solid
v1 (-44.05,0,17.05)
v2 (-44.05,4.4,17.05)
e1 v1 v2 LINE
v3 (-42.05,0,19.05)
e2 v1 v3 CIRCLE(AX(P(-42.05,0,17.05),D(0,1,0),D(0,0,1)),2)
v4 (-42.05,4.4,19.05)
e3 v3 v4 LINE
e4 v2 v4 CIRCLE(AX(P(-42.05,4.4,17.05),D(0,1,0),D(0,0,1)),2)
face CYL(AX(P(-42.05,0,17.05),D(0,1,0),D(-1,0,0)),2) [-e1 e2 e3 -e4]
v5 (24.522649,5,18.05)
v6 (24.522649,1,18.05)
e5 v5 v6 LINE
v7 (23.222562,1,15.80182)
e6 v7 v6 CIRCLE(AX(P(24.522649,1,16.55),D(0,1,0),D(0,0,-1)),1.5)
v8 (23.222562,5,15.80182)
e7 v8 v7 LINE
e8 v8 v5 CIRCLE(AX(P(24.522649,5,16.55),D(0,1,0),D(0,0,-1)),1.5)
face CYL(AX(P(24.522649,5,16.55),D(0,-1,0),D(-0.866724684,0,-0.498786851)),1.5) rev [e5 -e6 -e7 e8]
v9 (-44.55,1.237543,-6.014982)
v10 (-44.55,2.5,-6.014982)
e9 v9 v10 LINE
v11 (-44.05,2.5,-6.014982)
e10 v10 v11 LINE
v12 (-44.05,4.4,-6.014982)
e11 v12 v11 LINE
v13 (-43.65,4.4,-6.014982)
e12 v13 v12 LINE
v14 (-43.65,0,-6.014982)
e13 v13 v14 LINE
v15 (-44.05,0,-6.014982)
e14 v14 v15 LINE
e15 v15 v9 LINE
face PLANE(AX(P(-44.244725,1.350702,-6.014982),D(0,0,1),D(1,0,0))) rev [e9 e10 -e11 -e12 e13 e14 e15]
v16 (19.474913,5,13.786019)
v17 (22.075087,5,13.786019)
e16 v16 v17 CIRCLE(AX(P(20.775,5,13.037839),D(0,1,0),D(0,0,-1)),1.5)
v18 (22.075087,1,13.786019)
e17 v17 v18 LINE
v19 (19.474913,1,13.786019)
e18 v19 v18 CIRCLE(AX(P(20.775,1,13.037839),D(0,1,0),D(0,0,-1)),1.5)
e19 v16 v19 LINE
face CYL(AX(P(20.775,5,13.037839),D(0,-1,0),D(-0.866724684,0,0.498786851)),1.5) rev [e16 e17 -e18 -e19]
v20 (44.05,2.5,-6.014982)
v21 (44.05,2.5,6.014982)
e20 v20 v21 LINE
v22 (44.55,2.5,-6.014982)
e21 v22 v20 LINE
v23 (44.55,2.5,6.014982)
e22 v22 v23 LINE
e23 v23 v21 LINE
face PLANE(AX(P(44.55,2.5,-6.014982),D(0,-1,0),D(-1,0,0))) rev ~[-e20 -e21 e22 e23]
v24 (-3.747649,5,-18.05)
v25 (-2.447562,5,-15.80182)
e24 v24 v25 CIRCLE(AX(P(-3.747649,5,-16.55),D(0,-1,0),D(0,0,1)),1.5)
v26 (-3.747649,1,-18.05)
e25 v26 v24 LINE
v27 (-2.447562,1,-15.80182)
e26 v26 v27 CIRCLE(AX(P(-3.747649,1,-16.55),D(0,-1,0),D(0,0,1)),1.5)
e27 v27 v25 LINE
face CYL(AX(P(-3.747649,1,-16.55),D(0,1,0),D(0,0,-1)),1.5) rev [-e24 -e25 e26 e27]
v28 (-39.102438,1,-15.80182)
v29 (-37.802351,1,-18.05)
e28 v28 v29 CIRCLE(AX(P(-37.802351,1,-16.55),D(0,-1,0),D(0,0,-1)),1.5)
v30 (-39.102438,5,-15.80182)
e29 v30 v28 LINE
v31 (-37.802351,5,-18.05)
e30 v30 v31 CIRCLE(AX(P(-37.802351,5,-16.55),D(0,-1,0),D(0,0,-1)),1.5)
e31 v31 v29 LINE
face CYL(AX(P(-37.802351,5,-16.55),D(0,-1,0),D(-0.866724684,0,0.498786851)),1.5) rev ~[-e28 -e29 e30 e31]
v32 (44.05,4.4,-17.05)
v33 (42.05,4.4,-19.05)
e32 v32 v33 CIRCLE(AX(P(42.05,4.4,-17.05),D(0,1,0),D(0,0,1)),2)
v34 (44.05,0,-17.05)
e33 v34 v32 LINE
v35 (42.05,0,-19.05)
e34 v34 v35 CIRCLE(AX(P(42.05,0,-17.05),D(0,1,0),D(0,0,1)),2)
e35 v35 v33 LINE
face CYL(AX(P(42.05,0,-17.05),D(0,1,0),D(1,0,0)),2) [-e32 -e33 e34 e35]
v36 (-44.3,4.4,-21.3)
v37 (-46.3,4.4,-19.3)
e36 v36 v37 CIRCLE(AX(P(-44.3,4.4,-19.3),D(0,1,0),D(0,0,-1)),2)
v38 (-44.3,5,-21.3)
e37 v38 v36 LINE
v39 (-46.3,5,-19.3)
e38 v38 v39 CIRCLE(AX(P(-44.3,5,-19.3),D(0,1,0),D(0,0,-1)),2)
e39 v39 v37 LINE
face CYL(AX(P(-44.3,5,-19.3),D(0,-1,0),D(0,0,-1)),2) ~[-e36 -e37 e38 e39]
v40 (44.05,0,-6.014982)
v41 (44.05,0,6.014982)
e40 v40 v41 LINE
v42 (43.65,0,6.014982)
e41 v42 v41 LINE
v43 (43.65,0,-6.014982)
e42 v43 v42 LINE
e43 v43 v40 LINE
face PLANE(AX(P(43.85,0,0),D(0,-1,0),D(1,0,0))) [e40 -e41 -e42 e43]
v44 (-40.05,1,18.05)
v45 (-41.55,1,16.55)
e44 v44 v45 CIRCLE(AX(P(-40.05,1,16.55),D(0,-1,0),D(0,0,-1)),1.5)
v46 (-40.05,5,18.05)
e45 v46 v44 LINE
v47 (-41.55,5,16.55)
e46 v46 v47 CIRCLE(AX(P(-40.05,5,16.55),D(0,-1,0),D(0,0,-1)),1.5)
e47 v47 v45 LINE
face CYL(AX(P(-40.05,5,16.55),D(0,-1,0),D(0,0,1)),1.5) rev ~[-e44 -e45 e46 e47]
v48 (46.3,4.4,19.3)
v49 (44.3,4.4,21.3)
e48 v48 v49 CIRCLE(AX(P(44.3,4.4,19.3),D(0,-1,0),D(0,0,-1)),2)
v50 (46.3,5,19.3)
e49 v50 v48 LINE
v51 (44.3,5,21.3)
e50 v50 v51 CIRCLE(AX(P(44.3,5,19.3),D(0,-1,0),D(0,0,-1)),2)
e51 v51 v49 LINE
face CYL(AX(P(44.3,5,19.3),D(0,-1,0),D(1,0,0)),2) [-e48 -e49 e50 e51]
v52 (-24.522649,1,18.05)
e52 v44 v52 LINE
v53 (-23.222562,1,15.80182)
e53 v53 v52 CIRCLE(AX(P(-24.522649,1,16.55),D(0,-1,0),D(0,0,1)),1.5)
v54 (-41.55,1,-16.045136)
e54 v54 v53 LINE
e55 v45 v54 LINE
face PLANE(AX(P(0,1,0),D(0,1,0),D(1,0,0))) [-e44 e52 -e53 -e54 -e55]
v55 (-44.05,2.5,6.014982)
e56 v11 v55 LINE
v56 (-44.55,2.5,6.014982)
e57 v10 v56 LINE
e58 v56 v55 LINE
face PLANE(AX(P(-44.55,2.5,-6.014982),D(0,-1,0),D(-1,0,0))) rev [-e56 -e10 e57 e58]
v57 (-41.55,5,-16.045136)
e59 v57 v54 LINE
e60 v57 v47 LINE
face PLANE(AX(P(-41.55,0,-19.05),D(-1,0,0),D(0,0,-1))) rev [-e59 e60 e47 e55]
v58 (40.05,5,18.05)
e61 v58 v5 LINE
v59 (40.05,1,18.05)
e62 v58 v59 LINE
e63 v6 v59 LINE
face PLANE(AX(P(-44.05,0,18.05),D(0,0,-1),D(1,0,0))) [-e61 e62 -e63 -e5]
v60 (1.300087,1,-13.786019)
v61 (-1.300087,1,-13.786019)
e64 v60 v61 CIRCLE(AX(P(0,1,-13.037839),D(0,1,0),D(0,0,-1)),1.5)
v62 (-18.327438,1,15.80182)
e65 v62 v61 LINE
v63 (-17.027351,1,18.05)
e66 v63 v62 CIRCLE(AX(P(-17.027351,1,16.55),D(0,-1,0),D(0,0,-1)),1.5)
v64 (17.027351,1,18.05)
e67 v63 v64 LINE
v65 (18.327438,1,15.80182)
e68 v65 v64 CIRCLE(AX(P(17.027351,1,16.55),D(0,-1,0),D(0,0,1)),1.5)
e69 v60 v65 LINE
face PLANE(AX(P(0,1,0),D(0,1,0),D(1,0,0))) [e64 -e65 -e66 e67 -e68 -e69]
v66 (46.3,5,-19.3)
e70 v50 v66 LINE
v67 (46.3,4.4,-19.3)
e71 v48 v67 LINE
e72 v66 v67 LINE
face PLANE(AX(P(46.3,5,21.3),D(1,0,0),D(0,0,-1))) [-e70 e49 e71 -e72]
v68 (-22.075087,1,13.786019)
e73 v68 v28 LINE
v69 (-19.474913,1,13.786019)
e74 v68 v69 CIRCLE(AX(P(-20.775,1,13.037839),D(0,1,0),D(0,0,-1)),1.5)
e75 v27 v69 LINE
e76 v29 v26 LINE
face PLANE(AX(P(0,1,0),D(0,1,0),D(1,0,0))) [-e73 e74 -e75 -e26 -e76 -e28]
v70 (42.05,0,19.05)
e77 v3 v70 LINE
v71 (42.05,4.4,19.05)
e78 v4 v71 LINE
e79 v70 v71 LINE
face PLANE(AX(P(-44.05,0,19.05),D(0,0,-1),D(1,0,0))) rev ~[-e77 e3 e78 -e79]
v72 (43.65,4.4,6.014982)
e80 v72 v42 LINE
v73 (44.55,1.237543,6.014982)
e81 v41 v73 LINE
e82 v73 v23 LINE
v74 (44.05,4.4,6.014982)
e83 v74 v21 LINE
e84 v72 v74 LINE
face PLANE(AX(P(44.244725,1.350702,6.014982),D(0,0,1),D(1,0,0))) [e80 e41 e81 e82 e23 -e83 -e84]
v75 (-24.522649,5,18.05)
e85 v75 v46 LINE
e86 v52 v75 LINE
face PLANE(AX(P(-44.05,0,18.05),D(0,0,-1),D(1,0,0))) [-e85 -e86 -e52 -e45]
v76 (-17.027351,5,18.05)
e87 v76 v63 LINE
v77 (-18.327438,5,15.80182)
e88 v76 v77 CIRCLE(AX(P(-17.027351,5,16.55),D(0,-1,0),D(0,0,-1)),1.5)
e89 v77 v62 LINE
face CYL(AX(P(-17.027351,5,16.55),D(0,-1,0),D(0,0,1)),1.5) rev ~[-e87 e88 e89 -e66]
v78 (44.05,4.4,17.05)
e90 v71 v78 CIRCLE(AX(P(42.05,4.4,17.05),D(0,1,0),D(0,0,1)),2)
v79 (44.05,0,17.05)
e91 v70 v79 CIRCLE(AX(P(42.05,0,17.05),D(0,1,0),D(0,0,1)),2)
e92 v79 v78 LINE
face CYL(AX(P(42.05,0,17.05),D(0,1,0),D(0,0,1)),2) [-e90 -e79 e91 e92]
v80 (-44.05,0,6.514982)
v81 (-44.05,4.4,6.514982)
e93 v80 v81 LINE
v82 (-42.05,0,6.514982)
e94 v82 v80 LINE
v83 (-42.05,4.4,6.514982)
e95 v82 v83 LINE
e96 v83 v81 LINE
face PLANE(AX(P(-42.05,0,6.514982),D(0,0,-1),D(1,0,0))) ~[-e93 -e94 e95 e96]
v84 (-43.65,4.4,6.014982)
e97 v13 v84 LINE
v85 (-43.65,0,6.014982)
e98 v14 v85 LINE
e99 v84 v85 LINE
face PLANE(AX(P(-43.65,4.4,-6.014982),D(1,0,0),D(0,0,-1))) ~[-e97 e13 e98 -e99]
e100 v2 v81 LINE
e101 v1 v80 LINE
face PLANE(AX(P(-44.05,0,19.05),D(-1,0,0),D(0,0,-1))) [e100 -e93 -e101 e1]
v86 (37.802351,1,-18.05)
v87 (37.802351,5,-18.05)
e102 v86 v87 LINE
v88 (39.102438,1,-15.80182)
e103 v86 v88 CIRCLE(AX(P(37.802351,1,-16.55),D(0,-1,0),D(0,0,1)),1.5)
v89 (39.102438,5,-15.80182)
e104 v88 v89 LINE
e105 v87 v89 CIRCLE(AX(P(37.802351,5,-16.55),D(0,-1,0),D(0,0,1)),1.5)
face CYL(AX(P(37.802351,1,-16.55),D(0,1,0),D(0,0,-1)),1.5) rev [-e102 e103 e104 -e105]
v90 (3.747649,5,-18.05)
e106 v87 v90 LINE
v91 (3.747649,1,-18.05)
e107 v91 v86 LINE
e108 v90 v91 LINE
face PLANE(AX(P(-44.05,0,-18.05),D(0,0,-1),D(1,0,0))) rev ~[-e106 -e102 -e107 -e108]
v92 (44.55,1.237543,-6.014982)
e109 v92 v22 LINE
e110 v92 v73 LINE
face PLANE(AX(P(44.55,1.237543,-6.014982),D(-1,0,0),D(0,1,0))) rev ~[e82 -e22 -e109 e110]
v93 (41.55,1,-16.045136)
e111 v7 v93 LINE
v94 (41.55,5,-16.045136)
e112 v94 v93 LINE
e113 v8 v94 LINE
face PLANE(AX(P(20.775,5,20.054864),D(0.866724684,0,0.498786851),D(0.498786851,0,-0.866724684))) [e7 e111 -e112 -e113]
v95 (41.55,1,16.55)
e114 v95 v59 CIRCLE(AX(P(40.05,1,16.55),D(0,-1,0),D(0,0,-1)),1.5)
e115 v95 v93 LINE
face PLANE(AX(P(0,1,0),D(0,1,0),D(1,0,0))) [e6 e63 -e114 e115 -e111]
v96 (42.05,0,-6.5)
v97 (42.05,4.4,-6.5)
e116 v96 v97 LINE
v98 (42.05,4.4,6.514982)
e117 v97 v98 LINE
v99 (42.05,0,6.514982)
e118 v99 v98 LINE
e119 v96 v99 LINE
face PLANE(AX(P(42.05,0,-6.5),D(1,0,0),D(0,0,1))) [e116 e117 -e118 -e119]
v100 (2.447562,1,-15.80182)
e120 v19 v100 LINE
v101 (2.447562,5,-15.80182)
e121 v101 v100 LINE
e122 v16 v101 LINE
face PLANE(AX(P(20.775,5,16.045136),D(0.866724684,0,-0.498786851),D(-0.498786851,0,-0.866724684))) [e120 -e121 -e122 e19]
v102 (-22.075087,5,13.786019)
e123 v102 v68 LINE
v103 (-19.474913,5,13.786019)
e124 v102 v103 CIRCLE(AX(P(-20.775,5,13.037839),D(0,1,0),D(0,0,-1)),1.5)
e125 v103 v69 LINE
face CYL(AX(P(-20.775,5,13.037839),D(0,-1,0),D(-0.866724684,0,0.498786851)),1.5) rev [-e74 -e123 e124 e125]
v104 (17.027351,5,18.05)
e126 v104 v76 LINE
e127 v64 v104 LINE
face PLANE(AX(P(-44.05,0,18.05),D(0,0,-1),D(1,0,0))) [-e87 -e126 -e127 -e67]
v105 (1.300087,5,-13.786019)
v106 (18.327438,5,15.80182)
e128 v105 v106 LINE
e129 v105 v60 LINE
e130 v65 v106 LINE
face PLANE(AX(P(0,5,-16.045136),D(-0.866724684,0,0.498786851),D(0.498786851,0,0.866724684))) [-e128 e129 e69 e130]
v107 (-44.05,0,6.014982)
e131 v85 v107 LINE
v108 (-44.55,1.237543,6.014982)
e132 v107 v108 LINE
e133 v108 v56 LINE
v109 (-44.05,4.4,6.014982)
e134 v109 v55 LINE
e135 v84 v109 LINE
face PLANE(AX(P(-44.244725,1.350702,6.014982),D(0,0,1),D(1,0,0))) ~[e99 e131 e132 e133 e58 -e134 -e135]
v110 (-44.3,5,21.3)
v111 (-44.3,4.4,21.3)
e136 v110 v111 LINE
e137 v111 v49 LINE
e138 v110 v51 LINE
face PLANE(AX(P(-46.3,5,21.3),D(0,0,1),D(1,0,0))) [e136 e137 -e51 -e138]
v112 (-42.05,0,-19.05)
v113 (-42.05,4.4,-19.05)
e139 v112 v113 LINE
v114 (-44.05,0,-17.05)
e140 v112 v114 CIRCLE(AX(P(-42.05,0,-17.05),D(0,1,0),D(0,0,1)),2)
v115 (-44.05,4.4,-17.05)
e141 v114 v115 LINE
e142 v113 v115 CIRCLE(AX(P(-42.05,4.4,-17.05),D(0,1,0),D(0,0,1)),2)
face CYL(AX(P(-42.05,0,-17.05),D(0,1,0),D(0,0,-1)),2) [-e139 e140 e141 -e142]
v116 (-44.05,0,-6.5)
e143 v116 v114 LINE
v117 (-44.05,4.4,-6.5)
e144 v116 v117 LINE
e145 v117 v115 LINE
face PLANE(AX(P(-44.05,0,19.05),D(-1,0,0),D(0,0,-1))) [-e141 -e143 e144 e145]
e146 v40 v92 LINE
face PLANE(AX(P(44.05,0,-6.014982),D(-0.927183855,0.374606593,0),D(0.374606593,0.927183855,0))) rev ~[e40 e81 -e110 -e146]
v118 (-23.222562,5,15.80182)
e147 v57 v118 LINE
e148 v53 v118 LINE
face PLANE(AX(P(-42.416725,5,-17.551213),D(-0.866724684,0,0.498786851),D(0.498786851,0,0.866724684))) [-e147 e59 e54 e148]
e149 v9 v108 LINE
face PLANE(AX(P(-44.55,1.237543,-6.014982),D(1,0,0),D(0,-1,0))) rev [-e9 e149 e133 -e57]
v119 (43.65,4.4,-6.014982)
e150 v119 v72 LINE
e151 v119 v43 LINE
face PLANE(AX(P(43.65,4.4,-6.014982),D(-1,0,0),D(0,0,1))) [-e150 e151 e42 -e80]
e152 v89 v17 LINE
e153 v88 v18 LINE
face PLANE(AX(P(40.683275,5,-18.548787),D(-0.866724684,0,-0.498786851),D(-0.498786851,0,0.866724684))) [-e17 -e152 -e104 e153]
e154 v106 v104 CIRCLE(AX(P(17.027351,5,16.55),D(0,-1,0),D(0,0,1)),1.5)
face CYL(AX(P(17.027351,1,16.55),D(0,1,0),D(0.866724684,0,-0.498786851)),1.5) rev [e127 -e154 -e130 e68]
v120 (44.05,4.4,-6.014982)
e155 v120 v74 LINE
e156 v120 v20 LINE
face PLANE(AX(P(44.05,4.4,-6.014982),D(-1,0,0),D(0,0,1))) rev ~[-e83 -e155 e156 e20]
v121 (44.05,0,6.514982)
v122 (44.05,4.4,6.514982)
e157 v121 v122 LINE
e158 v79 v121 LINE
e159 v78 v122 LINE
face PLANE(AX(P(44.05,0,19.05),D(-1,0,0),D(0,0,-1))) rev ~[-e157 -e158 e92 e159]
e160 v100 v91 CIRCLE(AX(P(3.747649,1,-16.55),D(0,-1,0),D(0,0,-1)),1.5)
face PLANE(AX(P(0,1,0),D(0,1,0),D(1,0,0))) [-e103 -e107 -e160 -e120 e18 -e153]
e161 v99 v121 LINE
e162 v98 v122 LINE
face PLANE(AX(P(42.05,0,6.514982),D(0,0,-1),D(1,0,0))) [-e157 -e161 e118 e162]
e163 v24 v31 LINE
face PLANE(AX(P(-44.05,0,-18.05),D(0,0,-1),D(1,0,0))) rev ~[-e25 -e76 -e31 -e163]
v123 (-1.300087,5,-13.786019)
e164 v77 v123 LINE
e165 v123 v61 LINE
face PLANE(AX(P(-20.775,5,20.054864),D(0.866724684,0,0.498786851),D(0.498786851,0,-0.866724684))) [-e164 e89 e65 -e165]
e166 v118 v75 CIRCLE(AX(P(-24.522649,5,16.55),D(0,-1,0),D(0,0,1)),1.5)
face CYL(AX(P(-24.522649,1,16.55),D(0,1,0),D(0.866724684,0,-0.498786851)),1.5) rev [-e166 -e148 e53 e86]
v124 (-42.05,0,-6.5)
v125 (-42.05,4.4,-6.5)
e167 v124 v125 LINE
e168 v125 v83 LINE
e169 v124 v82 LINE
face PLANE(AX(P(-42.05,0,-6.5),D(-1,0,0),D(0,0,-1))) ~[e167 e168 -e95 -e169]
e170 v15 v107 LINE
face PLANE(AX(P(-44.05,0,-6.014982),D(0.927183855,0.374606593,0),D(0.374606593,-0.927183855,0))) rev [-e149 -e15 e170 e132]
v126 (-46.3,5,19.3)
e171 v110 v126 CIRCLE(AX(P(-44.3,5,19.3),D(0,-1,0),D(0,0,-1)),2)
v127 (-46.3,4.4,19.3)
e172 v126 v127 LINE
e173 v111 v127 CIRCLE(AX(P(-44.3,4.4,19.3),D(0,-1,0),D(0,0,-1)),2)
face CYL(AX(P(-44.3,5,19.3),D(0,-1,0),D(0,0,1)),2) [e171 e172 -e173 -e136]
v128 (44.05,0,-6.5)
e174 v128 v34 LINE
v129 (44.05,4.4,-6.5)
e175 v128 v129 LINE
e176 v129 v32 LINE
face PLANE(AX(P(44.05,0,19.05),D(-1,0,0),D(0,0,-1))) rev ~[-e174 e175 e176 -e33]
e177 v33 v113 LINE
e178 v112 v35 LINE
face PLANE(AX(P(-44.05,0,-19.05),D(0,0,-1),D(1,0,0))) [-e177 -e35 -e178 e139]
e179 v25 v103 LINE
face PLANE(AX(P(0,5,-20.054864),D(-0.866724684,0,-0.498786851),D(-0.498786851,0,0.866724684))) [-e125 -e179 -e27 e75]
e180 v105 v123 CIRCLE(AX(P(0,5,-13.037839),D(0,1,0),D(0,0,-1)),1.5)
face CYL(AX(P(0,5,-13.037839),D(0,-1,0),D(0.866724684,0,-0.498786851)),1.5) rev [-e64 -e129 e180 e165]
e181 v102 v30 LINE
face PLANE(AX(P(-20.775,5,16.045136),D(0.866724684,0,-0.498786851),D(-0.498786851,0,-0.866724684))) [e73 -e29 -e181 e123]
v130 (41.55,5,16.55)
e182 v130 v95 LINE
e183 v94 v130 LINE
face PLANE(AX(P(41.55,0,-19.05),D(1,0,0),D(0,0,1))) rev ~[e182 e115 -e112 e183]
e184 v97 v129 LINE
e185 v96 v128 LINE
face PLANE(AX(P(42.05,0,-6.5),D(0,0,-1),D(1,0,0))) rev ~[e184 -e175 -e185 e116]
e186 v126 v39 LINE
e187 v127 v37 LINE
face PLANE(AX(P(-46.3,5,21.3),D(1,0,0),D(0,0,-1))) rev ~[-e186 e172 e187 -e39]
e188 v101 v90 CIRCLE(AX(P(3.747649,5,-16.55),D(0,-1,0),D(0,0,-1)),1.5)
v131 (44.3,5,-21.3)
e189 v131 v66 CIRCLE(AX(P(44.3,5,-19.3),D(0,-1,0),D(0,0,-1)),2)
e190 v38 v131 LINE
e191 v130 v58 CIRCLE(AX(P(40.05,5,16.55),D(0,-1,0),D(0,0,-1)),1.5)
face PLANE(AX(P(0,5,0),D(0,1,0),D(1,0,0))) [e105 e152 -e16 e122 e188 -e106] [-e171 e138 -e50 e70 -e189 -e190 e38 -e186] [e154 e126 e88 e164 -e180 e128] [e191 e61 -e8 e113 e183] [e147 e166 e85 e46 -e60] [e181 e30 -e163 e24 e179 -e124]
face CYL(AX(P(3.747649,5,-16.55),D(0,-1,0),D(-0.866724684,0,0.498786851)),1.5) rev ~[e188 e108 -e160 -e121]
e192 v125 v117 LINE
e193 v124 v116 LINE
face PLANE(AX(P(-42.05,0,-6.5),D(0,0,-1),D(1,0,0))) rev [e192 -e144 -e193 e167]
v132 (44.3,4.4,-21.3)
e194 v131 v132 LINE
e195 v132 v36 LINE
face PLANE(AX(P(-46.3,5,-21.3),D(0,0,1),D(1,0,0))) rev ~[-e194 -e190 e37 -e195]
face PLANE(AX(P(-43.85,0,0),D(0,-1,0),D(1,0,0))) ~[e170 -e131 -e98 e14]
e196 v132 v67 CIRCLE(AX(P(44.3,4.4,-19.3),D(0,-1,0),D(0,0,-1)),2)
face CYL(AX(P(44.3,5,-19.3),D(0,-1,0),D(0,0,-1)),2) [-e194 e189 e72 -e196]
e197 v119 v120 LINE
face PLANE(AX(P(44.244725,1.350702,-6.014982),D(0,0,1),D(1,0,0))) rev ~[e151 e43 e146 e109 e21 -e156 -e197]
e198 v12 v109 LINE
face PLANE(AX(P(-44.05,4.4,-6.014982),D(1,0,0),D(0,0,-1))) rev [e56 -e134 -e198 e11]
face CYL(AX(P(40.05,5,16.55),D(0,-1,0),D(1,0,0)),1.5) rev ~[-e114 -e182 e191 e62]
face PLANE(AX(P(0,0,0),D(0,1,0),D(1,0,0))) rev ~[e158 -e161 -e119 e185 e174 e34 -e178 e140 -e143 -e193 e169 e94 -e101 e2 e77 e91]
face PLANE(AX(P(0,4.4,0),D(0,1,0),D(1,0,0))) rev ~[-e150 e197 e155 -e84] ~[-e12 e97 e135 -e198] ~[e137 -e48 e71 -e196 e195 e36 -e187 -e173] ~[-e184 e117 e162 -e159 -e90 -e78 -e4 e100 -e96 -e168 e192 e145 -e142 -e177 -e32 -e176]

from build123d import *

# Parameters (mm, degrees)
SKETCH1_W           = 88.1
SKETCH1_H           = 38.1
BOSS_EXTRUDE1_DEPTH = 5
SHELL1_T            = -1
SKETCH2_W           = 92.6
SKETCH2_H           = 42.6
SKETCH2_W_2         = 88.1
SKETCH2_H_2         = 38.1
BOSS_EXTRUDE2_DEPTH = 0.6
SKETCH5_W           = 2.5
SKETCH5_H           = 38.1
BOSS_EXTRUDE4_DEPTH = 5
SKETCH7_W           = 2
SKETCH7_H           = 13.01498231
CUT_EXTRUDE2_DEPTH  = 4.4
SKETCH8_W           = 0.4
SKETCH8_H           = 12.02996462
BOSS_EXTRUDE5_DEPTH = 4.4
BOSS_EXTRUDE6_DEPTH = 12.02996462
BOSS_EXTRUDE3_DEPTH = 4
SKETCH4_W           = 88.1
SKETCH4_H           = 100
CUT_EXTRUDE1_DEPTH  = 4.4
FILLET1_R           = 2
FILLET2_R           = 1.5


with BuildPart() as part:
    # Sketch1 → Boss-Extrude1 (new body)
    with BuildSketch(Plane(origin=(0, 0, 0), x_dir=(1, 0, 0), z_dir=(0, 1, 0))):
        Rectangle(SKETCH1_W, SKETCH1_H)
    extrude(amount=BOSS_EXTRUDE1_DEPTH)

    # Shell1
    shell1_openings = [part.faces().sort_by_distance(p)[0] for p in [
        (0, 5, 0),
    ]]
    offset(amount=SHELL1_T, openings=shell1_openings, kind=Kind.INTERSECTION)

    # Sketch2 → Boss-Extrude2 (add)
    with BuildSketch(Plane(origin=(0, 5, 0), x_dir=(1, 0, 0), z_dir=(0, 1, 0))):
        Rectangle(SKETCH2_W, SKETCH2_H)
        Rectangle(SKETCH2_W_2, SKETCH2_H_2, mode=Mode.SUBTRACT)
    extrude(amount=-BOSS_EXTRUDE2_DEPTH)

    # Sketch5 → Boss-Extrude4 (add)
    with BuildSketch(Plane.XZ):
        with Locations((42.8, 0)):
            Rectangle(SKETCH5_W, SKETCH5_H)
    boss_extrude4 = extrude(amount=-BOSS_EXTRUDE4_DEPTH)

    # Sketch7 → Cut-Extrude2 (cut)
    with BuildSketch(Plane.XZ):
        with Locations((43.05, 0.007491155)):
            Rectangle(SKETCH7_W, SKETCH7_H)
    cut_extrude2 = extrude(amount=-CUT_EXTRUDE2_DEPTH, mode=Mode.SUBTRACT)

    # Sketch8 → Boss-Extrude5 (add)
    with BuildSketch(Plane.XZ.offset(-4.4)):
        with Locations((43.85, 0)):
            Rectangle(SKETCH8_W, SKETCH8_H)
    boss_extrude5 = extrude(amount=BOSS_EXTRUDE5_DEPTH)

    # Sketch9 → Boss-Extrude6 (add)
    with BuildSketch(Plane(origin=(0, 0, -6.01498231), x_dir=(-1, 0, 0), z_dir=(0, 0, -1))):
        Polygon((-44.05, 0), (-44.55, 1.237543427), (-44.55, 2.5), (-44.05, 2.5), align=None)
    boss_extrude6 = extrude(amount=-BOSS_EXTRUDE6_DEPTH)

    # Mirror1: Boss-Extrude4, Cut-Extrude2, Boss-Extrude5, Boss-Extrude6 across plane
    add(boss_extrude4.mirror(Plane(origin=(0, 0, 0), x_dir=(0, 0, 1), z_dir=(1, 0, 0))))
    add(cut_extrude2.mirror(Plane(origin=(0, 0, 0), x_dir=(0, 0, 1), z_dir=(1, 0, 0))), mode=Mode.SUBTRACT)
    add(boss_extrude5.mirror(Plane(origin=(0, 0, 0), x_dir=(0, 0, 1), z_dir=(1, 0, 0))))
    add(boss_extrude6.mirror(Plane(origin=(0, 0, 0), x_dir=(0, 0, 1), z_dir=(1, 0, 0))))

    # Sketch3 → Boss-Extrude3 (add)
    with BuildSketch(Plane(origin=(0, 5, 0), x_dir=(1, 0, 0), z_dir=(0, 1, 0))):
        Polygon((-42.416724684, 17.551213149), (-20.775, -20.0548644), (0, 16.0451356), (20.775, -20.0548644), (42.416724684, 17.551213149), (40.683275316, 18.548786851), (20.775, -16.0451356), (0, 20.0548644), (-20.775, -16.0451356), (-40.683275316, 18.548786851), align=None)
    extrude(amount=-BOSS_EXTRUDE3_DEPTH)

    # Sketch4 → Cut-Extrude1 (cut)
    with BuildSketch(Plane.XZ):
        with Locations((0, 69.05)):
            Rectangle(SKETCH4_W, SKETCH4_H)
        with Locations((0, -69.05)):
            Rectangle(SKETCH4_W, SKETCH4_H)
    extrude(amount=-CUT_EXTRUDE1_DEPTH, mode=Mode.SUBTRACT)

    # Fillet1
    fillet1_edges = [part.edges().sort_by_distance(p)[0] for p in [
        (-44.05, 2.2, -19.05),
        (44.05, 2.2, -19.05),
        (44.05, 2.2, 19.05),
        (-44.05, 2.2, 19.05),
        (-46.3, 4.7, -21.3),
        (46.3, 4.7, -21.3),
        (46.3, 4.7, 21.3),
        (-46.3, 4.7, 21.3),
    ]]
    fillet(fillet1_edges, radius=FILLET1_R)

    # Fillet2
    fillet2_edges = [part.edges().sort_by_distance(p)[0] for p in [
        (-41.55, 3, 18.05),
        (-21.928768917, 3, 18.05),
        (-40.396231083, 3, -18.05),
        (-1.153768917, 3, -18.05),
        (-20.775, 3, 16.0451356),
        (1.153768917, 3, -18.05),
        (40.396231083, 3, -18.05),
        (20.775, 3, 16.0451356),
        (21.928768917, 3, 18.05),
        (19.621231083, 3, 18.05),
        (-19.621231083, 3, 18.05),
        (0, 3, -16.0451356),
        (41.55, 3, 18.05),
    ]]
    fillet(fillet2_edges, radius=FILLET2_R)


solid = part.part
